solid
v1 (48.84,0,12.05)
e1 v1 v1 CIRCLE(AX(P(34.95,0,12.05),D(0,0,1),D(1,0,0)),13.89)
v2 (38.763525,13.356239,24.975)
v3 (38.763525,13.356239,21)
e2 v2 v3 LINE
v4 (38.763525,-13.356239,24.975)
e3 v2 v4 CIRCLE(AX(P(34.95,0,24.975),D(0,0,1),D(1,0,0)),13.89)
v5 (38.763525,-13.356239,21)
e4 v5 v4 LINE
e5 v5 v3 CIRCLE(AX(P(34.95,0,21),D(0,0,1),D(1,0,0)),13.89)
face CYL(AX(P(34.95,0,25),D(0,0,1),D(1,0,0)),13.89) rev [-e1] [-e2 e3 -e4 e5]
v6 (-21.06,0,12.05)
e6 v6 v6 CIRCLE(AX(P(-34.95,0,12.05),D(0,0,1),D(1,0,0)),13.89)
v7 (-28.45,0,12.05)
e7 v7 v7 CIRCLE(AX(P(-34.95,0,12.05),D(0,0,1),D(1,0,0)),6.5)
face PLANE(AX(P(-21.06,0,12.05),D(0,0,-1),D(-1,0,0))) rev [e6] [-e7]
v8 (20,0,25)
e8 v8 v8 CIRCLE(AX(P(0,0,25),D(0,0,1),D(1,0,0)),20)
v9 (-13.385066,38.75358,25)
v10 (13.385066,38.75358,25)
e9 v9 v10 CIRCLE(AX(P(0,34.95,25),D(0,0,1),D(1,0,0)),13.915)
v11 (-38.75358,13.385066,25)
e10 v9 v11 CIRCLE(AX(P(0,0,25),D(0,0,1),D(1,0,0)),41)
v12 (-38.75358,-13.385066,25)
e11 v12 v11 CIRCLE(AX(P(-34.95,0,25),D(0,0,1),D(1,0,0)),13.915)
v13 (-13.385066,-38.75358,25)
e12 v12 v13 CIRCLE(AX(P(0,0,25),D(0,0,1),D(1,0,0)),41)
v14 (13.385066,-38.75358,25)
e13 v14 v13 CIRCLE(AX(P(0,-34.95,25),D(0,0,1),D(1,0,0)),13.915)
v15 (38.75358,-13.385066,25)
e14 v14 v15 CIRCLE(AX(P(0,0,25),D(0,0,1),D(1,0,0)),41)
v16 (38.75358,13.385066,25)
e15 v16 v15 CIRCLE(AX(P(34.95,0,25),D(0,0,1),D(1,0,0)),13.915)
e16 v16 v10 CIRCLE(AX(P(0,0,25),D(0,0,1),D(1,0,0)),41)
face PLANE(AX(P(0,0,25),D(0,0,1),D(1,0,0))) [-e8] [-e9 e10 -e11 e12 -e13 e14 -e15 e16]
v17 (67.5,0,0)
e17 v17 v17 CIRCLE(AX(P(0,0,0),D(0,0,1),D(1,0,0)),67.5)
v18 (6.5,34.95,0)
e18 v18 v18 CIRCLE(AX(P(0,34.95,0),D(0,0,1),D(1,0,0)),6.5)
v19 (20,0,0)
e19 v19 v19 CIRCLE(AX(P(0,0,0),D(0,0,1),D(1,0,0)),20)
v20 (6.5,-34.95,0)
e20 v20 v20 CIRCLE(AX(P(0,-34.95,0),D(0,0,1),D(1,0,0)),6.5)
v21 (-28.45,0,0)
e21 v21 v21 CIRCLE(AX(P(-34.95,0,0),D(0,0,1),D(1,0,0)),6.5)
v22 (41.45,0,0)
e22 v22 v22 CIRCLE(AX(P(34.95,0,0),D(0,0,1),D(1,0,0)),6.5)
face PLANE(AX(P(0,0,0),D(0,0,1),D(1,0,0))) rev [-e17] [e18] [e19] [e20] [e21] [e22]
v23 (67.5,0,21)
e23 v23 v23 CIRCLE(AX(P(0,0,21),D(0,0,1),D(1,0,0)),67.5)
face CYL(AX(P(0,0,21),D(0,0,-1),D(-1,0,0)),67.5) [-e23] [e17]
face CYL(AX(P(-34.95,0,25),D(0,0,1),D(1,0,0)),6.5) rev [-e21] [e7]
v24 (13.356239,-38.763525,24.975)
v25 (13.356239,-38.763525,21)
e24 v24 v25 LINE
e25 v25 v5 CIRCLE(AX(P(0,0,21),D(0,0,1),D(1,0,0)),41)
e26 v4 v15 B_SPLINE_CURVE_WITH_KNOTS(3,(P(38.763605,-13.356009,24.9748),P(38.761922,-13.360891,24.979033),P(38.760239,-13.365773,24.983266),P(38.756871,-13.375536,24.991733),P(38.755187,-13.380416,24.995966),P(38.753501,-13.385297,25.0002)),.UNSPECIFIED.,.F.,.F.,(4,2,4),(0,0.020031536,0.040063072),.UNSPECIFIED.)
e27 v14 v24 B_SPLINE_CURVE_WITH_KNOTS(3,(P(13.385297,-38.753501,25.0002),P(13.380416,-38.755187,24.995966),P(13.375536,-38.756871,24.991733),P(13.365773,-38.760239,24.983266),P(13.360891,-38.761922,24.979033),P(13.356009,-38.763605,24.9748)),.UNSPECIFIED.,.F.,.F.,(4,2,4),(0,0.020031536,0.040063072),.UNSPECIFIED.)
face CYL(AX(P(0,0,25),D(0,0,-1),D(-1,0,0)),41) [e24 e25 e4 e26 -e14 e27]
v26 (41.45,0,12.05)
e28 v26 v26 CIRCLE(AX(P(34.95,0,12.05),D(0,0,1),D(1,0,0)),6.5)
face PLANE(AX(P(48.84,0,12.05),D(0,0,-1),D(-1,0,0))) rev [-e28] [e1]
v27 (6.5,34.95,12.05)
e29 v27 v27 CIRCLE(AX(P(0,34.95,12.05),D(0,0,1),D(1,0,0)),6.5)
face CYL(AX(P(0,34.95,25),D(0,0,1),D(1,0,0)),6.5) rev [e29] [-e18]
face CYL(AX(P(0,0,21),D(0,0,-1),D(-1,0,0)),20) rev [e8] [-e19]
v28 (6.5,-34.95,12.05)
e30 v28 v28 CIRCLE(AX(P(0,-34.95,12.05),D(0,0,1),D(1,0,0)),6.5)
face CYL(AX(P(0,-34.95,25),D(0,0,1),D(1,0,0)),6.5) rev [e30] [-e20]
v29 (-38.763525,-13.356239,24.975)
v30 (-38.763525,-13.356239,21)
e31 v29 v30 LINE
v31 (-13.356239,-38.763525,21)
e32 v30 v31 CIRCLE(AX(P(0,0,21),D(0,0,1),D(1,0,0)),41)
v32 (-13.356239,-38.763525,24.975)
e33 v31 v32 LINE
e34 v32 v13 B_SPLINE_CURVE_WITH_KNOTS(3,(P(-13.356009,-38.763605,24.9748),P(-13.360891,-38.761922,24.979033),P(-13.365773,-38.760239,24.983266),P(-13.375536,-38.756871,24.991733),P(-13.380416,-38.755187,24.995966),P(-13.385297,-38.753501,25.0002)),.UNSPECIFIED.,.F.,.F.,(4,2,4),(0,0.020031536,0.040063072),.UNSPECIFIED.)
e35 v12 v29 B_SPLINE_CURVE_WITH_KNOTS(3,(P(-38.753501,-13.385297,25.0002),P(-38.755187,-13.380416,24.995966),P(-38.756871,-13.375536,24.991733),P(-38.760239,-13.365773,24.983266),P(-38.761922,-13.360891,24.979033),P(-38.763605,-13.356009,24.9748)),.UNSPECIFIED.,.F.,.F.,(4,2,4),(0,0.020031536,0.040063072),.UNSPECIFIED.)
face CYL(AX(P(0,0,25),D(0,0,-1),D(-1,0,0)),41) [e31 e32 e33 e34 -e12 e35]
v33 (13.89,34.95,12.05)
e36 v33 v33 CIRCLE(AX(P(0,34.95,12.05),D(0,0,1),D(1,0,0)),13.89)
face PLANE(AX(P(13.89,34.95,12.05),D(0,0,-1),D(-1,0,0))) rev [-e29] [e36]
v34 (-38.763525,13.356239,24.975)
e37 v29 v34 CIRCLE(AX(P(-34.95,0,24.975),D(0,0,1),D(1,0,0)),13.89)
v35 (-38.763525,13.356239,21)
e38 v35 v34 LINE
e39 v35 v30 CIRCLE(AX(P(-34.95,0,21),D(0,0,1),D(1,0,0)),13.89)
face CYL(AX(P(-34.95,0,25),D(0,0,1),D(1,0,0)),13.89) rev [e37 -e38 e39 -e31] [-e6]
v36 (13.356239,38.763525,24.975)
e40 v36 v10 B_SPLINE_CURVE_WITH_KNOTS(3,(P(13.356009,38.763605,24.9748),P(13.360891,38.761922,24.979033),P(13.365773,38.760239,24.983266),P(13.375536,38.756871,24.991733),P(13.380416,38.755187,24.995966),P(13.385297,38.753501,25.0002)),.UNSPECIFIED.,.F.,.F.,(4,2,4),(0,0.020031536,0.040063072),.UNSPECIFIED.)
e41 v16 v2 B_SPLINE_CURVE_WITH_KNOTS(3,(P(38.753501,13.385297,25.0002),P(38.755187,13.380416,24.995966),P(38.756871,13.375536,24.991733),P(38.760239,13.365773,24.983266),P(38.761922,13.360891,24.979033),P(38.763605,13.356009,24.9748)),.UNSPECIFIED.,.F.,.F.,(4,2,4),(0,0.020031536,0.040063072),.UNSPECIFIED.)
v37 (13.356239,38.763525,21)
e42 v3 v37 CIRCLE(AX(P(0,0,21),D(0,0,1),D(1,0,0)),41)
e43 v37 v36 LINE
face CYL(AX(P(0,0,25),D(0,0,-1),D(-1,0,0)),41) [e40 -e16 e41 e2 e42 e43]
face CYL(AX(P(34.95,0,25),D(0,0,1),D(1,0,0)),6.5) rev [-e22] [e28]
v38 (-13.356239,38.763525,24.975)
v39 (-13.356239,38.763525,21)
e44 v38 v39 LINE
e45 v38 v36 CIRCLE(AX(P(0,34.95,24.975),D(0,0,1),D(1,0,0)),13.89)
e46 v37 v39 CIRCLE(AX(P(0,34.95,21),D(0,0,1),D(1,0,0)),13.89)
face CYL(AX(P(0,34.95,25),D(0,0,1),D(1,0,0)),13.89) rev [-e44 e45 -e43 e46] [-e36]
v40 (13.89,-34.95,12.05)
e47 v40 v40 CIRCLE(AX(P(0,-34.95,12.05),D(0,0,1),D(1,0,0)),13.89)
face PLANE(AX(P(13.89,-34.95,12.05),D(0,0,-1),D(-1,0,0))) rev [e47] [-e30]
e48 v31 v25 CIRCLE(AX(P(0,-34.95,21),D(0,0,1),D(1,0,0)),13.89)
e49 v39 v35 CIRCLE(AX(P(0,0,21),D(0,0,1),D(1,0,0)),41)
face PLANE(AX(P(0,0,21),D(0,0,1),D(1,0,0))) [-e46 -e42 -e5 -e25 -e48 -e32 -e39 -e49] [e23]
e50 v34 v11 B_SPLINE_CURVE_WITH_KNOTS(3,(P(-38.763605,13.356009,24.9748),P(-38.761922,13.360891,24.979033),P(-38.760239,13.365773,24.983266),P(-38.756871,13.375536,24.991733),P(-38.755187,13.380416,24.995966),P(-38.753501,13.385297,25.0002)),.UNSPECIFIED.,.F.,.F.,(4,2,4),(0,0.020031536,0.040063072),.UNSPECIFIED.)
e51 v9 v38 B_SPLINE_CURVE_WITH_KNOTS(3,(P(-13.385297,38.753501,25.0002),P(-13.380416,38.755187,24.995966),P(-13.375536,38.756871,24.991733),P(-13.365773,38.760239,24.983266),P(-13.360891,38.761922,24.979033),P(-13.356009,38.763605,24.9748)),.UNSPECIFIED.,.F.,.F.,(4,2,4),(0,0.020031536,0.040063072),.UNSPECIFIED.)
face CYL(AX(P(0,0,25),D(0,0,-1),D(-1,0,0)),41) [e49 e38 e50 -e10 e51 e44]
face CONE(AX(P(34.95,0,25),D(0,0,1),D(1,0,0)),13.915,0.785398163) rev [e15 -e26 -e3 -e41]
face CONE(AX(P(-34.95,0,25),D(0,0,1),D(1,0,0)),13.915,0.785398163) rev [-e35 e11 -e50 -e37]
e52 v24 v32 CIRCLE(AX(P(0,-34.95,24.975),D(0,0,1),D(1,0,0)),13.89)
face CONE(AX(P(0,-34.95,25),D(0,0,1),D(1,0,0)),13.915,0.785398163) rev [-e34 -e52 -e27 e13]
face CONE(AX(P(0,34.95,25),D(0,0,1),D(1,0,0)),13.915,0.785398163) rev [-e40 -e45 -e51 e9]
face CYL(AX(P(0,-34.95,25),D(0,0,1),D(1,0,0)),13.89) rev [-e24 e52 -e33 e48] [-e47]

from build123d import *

# Parameters (mm, degrees)
CROQUIS1_R              = 67.5
CROQUIS1_R_2            = 20
SALIENTE_EXTRUIR1_DEPTH = 21
CROQUIS2_R              = 41
CROQUIS2_R_2            = 20
SALIENTE_EXTRUIR2_DEPTH = 4
MATRIZC1_COUNT          = 4


with BuildPart() as part:
    # Croquis1 → Saliente-Extruir1 (new body)
    with BuildSketch(Plane.XY):
        Circle(CROQUIS1_R)
        Circle(CROQUIS1_R_2, mode=Mode.SUBTRACT)
    extrude(amount=SALIENTE_EXTRUIR1_DEPTH)

    # Croquis2 → Saliente-Extruir2 (add)
    with BuildSketch(Plane.XY.offset(21)):
        Circle(CROQUIS2_R)
        Circle(CROQUIS2_R_2, mode=Mode.SUBTRACT)
    extrude(amount=SALIENTE_EXTRUIR2_DEPTH)

    # Croquis7 → Refrentado para perno con cabeza hexagonal de M122 (revolve, cut)
    with BuildSketch(Plane(origin=(0, 34.95, 25), x_dir=(0, -1, 0), z_dir=(1, 0, 0))):
        Polygon((0, 0), (0, 25), (6.5, 25), (6.5, 12.95), (13.89, 12.95), (13.89, 0.025), (13.915, 0), align=None)
    refrentado_para_perno_con_cabeza_hexagon = revolve(axis=Axis((0, 34.95, 31.35), (0, 0, -1)), mode=Mode.SUBTRACT)

    # MatrizC1: Refrentado para perno con cabeza hexagonal de M122 ×4 about axis
    matrizc1_axis = Axis((0, 0, 0), (0, 0, 1))
    for i in range(1, MATRIZC1_COUNT):
        add(refrentado_para_perno_con_cabeza_hexagon.rotate(matrizc1_axis, i * 360 / MATRIZC1_COUNT), mode=Mode.SUBTRACT)


solid = part.part
